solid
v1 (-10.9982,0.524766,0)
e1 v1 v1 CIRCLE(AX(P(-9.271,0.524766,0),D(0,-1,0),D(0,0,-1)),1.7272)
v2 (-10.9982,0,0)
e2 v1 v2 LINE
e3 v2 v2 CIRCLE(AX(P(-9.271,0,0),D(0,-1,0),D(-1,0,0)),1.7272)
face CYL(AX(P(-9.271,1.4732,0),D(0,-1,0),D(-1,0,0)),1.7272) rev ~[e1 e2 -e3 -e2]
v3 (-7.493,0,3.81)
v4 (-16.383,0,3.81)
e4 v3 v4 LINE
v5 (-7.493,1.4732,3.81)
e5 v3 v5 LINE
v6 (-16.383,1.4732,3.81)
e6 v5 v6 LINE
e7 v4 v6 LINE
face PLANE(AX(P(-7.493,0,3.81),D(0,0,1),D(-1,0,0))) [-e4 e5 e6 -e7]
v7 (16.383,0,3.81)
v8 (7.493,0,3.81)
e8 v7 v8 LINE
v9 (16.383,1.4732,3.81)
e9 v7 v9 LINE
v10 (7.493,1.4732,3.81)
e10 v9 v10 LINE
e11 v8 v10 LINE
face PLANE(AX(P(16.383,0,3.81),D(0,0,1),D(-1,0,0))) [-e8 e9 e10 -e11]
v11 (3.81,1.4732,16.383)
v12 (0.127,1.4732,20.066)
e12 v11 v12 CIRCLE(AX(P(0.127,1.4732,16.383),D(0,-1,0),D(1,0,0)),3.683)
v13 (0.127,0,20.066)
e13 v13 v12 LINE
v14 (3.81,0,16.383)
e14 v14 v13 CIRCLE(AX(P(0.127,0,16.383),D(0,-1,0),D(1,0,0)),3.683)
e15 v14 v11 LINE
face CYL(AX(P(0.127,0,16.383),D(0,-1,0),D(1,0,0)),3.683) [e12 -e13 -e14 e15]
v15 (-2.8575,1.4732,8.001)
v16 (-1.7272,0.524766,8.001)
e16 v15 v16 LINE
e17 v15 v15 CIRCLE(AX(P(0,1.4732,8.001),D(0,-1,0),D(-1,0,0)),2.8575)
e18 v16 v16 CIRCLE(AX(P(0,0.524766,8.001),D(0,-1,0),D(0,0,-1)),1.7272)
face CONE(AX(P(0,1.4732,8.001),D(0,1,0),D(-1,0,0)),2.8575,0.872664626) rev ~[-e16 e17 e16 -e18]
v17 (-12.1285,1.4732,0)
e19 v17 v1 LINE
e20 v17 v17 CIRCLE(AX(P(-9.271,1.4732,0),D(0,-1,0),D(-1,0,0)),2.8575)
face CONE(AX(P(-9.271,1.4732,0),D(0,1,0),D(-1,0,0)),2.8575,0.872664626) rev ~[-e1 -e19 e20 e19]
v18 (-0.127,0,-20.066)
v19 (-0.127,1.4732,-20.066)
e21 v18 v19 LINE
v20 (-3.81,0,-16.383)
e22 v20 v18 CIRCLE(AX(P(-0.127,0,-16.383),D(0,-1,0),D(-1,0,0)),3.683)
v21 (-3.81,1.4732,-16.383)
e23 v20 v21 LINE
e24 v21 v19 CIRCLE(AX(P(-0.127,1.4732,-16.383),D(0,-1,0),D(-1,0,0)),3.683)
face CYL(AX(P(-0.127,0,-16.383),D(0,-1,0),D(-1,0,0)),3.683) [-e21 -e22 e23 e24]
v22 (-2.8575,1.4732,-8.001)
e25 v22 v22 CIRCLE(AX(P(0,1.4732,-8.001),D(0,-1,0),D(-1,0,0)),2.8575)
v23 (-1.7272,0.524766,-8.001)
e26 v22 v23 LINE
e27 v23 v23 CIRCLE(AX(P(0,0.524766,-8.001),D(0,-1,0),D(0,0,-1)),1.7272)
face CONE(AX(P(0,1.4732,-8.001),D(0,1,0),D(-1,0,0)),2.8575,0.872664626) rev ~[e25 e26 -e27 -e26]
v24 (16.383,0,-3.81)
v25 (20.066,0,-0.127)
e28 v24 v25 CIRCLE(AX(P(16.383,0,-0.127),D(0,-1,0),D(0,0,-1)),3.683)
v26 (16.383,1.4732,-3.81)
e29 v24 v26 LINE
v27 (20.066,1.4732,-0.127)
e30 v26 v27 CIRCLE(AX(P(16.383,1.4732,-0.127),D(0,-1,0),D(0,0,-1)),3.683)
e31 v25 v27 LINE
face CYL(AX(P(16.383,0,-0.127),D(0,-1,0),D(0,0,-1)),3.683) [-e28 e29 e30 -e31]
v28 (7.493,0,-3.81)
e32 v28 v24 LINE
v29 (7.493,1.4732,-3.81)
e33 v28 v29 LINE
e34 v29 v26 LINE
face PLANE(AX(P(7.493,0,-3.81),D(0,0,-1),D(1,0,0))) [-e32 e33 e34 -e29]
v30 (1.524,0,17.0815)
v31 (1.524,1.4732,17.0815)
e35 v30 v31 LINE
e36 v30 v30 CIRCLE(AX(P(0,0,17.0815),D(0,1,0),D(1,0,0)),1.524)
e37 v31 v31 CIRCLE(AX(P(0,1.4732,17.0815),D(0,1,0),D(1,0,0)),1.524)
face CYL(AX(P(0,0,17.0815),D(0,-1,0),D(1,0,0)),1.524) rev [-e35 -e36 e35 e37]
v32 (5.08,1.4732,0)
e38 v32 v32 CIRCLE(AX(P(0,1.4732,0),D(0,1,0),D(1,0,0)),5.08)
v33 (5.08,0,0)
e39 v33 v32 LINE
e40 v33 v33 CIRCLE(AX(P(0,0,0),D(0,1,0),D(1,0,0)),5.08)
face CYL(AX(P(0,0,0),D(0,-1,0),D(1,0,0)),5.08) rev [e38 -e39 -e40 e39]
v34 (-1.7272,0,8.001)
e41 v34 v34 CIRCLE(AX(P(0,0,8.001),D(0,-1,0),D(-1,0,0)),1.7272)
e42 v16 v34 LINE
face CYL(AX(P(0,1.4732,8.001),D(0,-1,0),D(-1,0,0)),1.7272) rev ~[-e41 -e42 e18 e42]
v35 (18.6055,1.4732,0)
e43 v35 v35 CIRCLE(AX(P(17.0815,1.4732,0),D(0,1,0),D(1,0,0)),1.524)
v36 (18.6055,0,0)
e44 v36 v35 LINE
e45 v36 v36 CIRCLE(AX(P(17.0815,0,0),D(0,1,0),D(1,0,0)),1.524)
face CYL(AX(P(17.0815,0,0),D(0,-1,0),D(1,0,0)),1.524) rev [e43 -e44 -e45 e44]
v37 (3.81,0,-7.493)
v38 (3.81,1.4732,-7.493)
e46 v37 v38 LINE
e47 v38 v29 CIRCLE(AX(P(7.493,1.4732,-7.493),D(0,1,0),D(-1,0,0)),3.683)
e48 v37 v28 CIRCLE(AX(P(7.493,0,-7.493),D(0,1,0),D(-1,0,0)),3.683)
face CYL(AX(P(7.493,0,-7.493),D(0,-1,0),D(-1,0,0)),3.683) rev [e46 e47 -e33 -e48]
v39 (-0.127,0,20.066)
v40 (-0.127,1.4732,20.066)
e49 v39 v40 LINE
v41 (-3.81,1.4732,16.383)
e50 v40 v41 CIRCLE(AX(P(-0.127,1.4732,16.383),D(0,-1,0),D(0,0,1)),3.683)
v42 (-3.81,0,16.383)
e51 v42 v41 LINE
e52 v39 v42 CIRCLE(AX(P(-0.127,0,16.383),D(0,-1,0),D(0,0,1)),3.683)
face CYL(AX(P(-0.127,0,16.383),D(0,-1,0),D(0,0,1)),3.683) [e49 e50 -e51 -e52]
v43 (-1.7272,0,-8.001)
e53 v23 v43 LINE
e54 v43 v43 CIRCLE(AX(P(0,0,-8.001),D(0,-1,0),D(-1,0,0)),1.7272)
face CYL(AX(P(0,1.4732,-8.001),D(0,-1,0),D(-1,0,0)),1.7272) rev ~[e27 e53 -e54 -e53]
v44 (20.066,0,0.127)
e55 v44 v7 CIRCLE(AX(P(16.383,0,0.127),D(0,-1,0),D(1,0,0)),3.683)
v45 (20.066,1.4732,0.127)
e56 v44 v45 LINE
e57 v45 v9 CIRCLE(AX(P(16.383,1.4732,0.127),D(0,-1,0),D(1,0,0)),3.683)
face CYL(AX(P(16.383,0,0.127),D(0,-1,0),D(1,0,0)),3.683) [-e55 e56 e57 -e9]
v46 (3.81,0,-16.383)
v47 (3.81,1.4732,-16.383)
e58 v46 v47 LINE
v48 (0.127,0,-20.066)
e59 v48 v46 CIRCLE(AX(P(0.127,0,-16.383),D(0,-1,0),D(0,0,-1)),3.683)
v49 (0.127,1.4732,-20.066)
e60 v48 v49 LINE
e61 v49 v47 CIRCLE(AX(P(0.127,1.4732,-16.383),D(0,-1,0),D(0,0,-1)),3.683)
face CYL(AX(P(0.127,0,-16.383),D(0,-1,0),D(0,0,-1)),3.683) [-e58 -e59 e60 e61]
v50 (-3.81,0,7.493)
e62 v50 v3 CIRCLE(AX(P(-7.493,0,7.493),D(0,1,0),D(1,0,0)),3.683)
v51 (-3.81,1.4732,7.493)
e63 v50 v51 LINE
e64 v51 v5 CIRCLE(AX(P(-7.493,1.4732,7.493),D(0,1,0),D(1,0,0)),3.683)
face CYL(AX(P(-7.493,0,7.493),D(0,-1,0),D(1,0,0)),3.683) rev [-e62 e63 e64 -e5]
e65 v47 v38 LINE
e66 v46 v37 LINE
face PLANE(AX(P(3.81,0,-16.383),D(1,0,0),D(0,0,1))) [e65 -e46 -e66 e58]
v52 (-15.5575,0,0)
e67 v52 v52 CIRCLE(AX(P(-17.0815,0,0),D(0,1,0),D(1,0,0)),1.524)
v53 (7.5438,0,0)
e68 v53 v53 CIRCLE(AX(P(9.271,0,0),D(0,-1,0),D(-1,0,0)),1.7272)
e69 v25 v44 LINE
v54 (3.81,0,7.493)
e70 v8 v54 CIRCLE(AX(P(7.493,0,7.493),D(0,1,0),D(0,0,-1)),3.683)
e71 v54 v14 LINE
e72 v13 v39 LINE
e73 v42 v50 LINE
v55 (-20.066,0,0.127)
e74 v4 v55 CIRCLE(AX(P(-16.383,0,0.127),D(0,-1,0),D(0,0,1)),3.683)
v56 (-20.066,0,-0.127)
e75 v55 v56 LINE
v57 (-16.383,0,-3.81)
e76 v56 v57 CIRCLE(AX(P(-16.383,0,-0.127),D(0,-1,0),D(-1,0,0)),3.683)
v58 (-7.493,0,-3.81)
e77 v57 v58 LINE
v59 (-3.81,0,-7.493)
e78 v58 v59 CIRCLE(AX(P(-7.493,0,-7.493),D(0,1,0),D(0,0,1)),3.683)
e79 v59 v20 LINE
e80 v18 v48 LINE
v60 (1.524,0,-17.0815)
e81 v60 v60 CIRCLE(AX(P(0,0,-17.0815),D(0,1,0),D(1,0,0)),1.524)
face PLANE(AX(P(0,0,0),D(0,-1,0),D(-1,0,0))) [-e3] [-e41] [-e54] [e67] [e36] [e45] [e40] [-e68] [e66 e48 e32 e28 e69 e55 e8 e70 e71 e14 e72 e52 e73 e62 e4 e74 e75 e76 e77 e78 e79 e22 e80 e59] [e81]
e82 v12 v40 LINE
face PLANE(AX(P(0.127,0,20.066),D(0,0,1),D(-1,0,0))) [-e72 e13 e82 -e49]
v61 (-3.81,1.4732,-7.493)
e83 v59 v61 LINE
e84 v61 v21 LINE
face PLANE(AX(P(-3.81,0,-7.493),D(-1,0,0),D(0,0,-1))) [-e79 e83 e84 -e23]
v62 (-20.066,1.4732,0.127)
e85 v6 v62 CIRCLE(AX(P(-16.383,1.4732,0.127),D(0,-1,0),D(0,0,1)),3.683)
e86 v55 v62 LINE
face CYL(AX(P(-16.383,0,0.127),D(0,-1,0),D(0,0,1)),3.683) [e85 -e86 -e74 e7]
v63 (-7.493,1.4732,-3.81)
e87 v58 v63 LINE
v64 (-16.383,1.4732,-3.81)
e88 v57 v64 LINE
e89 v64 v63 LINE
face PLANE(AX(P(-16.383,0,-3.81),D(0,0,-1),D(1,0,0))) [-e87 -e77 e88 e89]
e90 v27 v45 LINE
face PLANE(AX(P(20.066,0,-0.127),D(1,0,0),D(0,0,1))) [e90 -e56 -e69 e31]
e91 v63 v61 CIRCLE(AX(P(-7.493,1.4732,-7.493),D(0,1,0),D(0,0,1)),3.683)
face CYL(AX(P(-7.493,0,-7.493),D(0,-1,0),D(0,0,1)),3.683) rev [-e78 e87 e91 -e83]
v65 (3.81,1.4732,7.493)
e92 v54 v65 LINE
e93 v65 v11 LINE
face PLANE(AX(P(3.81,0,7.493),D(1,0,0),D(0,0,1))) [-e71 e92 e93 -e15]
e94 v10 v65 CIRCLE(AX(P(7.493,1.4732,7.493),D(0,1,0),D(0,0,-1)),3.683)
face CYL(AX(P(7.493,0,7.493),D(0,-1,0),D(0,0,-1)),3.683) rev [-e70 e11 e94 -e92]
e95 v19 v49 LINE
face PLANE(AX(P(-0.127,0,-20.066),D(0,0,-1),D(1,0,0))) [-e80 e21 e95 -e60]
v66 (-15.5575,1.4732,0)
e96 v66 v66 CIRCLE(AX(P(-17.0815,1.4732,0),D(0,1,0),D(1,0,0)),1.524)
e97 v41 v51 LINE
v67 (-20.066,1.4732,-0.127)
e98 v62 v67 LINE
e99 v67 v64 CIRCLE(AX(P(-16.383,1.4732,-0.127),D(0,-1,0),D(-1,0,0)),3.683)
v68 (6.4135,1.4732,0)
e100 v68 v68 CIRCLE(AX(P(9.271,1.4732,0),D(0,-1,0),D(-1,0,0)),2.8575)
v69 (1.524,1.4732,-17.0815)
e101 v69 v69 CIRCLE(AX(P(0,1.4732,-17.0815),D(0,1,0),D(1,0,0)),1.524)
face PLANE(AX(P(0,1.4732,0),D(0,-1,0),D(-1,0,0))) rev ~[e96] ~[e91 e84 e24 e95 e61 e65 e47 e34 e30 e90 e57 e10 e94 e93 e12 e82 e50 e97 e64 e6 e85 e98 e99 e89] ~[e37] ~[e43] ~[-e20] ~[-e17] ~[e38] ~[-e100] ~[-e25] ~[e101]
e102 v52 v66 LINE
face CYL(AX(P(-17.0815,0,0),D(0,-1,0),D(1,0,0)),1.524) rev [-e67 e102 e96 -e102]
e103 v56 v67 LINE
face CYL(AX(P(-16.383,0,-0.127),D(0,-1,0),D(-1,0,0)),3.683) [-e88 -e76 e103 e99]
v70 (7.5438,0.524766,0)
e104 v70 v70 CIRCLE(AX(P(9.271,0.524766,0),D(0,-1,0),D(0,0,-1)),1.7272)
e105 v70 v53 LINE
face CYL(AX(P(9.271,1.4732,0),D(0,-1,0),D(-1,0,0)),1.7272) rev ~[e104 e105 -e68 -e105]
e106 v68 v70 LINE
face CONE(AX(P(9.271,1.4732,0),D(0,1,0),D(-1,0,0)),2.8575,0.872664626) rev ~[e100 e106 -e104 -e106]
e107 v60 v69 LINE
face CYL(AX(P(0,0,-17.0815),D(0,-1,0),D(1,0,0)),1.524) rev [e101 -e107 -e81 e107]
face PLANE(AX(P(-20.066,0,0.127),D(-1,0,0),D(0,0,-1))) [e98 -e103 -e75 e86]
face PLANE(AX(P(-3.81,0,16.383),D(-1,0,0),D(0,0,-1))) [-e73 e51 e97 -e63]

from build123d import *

# Parameters (mm, degrees)
SKETCH1_R                                         = 5.08
SKETCH1_R_2                                       = 1.524
BOSS_EXTRUDE1_DEPTH                               = 1.4732
CSK_FOR_4_FLAT_HEAD_MACHINE_SCREW_100_D           = 3.4544
CSK_FOR_4_FLAT_HEAD_MACHINE_SCREW_100_DEPTH       = 3.44932
CSK_FOR_4_FLAT_HEAD_MACHINE_SCREW_100_CSINK_D     = 5.715
CSK_FOR_4_FLAT_HEAD_MACHINE_SCREW_100_CSINK_ANGLE = 100
CSK_FOR_4_FLAT_HEAD_MACHINE_SCREW_100_TIP         = 1.037806461


with BuildPart() as part:
    # Sketch1 → Boss-Extrude1 (new body)
    with BuildSketch(Plane(origin=(0, 0, 0), x_dir=(1, 0, 0), z_dir=(0, 1, 0))):
        with BuildLine():
            Line((-3.81, 7.493), (-3.81, 16.383))
            ThreePointArc((-3.81, 16.383), (-2.731274275, 18.987274275), (-0.127, 20.066))
            Line((-0.127, 20.066), (0.127, 20.066))
            ThreePointArc((0.127, 20.066), (2.731274275, 18.987274275), (3.81, 16.383))
            Line((3.81, 16.383), (3.81, 7.493))
            ThreePointArc((3.81, 7.493), (4.888725725, 4.888725725), (7.493, 3.81))
            Line((7.493, 3.81), (16.383, 3.81))
            ThreePointArc((16.383, 3.81), (18.987274275, 2.731274275), (20.066, 0.127))
            Line((20.066, 0.127), (20.066, -0.127))
            ThreePointArc((20.066, -0.127), (18.987274275, -2.731274275), (16.383, -3.81))
            Line((16.383, -3.81), (7.493, -3.81))
            ThreePointArc((7.493, -3.81), (4.888725725, -4.888725725), (3.81, -7.493))
            Line((3.81, -7.493), (3.81, -16.383))
            ThreePointArc((3.81, -16.383), (2.731274275, -18.987274275), (0.127, -20.066))
            Line((0.127, -20.066), (-0.127, -20.066))
            ThreePointArc((-0.127, -20.066), (-2.731274275, -18.987274275), (-3.81, -16.383))
            Line((-3.81, -16.383), (-3.81, -7.493))
            ThreePointArc((-3.81, -7.493), (-4.888725725, -4.888725725), (-7.493, -3.81))
            Line((-7.493, -3.81), (-16.383, -3.81))
            ThreePointArc((-16.383, -3.81), (-18.987274275, -2.731274275), (-20.066, -0.127))
            Line((-20.066, -0.127), (-20.066, 0.127))
            ThreePointArc((-20.066, 0.127), (-18.987274275, 2.731274275), (-16.383, 3.81))
            Line((-16.383, 3.81), (-7.493, 3.81))
            ThreePointArc((-7.493, 3.81), (-4.888725725, 4.888725725), (-3.81, 7.493))
        make_face()
        Circle(SKETCH1_R, mode=Mode.SUBTRACT)
        with Locations((0, 17.0815)):
            Circle(SKETCH1_R_2, mode=Mode.SUBTRACT)
        with Locations((17.0815, 0)):
            Circle(SKETCH1_R_2, mode=Mode.SUBTRACT)
        with Locations((-17.0815, 0)):
            Circle(SKETCH1_R_2, mode=Mode.SUBTRACT)
        with Locations((0, -17.0815)):
            Circle(SKETCH1_R_2, mode=Mode.SUBTRACT)
    extrude(amount=BOSS_EXTRUDE1_DEPTH)

    # CSK for #4 Flat Head Machine Screw (100)2
    with Locations(Plane(origin=(0, 1.4732, 0), x_dir=(1, 0, 0), z_dir=(0, 1, 0))):
        with Locations((0, 8.001), (0, -8.001), (9.271, 0), (-9.271, 0)):
            CounterSinkHole(CSK_FOR_4_FLAT_HEAD_MACHINE_SCREW_100_D / 2, CSK_FOR_4_FLAT_HEAD_MACHINE_SCREW_100_CSINK_D / 2, depth=CSK_FOR_4_FLAT_HEAD_MACHINE_SCREW_100_DEPTH, counter_sink_angle=CSK_FOR_4_FLAT_HEAD_MACHINE_SCREW_100_CSINK_ANGLE)
            with Locations((0, 0, -(CSK_FOR_4_FLAT_HEAD_MACHINE_SCREW_100_DEPTH + CSK_FOR_4_FLAT_HEAD_MACHINE_SCREW_100_TIP / 2))):  # 118° drill point
                Cone(0, CSK_FOR_4_FLAT_HEAD_MACHINE_SCREW_100_D / 2, CSK_FOR_4_FLAT_HEAD_MACHINE_SCREW_100_TIP, mode=Mode.SUBTRACT)


solid = part.part
